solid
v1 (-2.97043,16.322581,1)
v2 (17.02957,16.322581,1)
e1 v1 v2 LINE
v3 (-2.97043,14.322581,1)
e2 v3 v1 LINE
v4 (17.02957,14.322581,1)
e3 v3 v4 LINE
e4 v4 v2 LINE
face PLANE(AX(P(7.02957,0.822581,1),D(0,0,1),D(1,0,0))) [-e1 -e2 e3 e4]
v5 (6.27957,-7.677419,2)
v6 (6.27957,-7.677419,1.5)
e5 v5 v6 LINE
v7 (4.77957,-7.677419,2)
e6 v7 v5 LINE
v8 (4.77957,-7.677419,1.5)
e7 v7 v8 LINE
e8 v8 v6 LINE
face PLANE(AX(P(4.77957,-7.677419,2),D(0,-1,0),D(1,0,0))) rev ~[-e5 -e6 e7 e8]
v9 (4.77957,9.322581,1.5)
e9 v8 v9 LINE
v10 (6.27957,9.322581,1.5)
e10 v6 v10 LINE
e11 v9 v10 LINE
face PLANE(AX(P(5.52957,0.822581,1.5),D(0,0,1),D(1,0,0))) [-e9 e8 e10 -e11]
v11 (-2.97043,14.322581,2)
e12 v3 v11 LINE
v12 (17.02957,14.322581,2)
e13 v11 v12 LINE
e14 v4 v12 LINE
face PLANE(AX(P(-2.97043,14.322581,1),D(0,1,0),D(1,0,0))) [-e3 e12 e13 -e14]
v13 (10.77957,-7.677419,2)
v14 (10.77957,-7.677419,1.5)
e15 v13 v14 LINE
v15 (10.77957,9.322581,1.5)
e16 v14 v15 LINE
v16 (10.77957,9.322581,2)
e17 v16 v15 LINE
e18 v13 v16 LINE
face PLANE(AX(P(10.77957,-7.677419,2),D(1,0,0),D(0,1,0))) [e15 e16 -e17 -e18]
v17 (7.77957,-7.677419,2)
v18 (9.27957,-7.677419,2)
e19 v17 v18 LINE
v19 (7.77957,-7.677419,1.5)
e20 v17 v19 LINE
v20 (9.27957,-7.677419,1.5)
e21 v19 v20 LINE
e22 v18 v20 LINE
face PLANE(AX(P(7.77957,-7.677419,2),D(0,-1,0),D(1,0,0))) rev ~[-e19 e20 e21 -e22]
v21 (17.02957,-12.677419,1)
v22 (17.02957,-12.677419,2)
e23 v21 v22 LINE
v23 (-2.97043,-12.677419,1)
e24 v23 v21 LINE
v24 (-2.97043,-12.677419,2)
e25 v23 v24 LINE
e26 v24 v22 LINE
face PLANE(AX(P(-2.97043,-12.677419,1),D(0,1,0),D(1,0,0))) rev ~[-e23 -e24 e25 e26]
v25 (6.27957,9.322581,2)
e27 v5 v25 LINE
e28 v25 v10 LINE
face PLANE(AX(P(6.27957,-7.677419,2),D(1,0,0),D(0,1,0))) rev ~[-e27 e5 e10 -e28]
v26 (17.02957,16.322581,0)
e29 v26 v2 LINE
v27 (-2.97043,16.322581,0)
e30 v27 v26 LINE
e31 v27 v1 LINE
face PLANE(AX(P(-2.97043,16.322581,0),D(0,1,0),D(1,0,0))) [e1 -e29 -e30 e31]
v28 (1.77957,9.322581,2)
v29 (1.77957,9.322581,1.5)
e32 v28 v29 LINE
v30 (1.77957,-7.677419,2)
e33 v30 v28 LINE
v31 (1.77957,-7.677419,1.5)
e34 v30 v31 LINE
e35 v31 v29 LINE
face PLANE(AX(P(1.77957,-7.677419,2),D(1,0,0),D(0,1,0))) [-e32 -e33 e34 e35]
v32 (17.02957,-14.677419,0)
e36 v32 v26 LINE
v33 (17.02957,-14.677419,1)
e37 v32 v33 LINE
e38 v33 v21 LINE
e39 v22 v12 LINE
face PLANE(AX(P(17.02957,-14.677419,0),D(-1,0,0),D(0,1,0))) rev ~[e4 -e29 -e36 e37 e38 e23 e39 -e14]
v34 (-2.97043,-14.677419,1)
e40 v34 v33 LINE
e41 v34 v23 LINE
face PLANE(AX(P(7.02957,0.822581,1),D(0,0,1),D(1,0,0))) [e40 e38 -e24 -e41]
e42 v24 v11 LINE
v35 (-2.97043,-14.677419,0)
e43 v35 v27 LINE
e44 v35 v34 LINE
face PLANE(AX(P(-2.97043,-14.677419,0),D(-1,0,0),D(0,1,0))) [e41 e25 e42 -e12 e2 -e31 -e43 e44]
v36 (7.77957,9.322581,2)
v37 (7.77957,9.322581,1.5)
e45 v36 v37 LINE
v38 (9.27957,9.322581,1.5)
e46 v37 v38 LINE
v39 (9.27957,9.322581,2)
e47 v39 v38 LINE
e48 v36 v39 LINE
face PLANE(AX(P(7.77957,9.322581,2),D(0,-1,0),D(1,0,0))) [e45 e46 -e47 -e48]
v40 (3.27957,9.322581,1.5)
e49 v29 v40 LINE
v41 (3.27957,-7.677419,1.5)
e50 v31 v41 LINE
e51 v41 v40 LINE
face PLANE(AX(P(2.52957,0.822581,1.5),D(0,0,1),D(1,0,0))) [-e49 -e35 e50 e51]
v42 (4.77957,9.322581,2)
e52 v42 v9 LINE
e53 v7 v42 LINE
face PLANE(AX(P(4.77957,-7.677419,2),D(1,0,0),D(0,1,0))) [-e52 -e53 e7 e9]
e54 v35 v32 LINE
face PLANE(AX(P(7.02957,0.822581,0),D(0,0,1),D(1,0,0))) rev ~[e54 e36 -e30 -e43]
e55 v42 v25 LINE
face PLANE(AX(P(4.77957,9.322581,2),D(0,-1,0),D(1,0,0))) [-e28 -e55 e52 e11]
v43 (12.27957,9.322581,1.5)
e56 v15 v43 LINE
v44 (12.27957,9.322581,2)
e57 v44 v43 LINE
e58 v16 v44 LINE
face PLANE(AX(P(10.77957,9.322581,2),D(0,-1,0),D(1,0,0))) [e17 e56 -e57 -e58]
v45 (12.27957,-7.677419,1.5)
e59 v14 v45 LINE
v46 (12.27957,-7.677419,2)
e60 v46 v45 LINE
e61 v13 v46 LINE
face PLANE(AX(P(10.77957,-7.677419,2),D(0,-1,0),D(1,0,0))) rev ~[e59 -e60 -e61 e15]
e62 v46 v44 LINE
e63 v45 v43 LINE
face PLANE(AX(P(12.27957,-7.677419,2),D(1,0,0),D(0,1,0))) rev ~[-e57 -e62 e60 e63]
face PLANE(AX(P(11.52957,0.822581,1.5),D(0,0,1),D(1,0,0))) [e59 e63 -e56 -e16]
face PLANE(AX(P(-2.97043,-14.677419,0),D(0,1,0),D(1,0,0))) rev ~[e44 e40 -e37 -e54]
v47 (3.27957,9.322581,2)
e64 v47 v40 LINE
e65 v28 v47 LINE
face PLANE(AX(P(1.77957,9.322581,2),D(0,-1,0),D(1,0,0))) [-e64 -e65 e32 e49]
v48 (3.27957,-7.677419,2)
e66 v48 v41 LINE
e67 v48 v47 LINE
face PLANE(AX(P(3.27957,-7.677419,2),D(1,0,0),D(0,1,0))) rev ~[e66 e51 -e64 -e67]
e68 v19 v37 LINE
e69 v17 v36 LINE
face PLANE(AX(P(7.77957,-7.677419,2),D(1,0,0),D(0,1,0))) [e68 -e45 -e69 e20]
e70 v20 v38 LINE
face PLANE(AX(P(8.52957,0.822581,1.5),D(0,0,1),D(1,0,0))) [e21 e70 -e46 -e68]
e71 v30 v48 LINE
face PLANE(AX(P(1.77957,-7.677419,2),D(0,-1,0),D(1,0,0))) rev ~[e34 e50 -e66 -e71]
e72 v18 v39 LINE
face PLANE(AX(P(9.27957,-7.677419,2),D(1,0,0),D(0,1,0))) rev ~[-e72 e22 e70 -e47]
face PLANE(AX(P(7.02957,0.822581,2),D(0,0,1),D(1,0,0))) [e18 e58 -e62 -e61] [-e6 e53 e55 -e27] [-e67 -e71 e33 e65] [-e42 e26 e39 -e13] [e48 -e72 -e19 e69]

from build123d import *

# Parameters (mm, degrees)
F0_W     = 20
F0_H     = 31
F1_DEPTH = 1
F2_W     = 20
F2_H     = 27
F3_DEPTH = 1
F4_W     = 1.5
F4_H     = 17
F5_DEPTH = 0.5


with BuildPart() as f1:
    # F0 (on Top) → F1 (new body)
    with BuildSketch(Plane.XY):
        with Locations((7.02957, 0.822581)):
            Rectangle(F0_W, F0_H)
    extrude(amount=F1_DEPTH)

    # F2 (on face) → F3 (join)
    with BuildSketch(Plane.XY.offset(1)):
        with Locations((7.02957, 0.822581)):
            Rectangle(F2_W, F2_H)
    extrude(amount=F3_DEPTH)

    # F4 (on face) → F5 (cut)
    with BuildSketch(Plane.XY.offset(2)):
        with Locations((2.52957, 0.822581)):
            Rectangle(F4_W, F4_H)
        with Locations((5.52957, 0.822581)):
            Rectangle(F4_W, F4_H)
        with Locations((8.52957, 0.822581)):
            Rectangle(F4_W, F4_H)
        with Locations((11.52957, 0.822581)):
            Rectangle(F4_W, F4_H)
    extrude(amount=-F5_DEPTH, mode=Mode.SUBTRACT)


solid = f1.part
